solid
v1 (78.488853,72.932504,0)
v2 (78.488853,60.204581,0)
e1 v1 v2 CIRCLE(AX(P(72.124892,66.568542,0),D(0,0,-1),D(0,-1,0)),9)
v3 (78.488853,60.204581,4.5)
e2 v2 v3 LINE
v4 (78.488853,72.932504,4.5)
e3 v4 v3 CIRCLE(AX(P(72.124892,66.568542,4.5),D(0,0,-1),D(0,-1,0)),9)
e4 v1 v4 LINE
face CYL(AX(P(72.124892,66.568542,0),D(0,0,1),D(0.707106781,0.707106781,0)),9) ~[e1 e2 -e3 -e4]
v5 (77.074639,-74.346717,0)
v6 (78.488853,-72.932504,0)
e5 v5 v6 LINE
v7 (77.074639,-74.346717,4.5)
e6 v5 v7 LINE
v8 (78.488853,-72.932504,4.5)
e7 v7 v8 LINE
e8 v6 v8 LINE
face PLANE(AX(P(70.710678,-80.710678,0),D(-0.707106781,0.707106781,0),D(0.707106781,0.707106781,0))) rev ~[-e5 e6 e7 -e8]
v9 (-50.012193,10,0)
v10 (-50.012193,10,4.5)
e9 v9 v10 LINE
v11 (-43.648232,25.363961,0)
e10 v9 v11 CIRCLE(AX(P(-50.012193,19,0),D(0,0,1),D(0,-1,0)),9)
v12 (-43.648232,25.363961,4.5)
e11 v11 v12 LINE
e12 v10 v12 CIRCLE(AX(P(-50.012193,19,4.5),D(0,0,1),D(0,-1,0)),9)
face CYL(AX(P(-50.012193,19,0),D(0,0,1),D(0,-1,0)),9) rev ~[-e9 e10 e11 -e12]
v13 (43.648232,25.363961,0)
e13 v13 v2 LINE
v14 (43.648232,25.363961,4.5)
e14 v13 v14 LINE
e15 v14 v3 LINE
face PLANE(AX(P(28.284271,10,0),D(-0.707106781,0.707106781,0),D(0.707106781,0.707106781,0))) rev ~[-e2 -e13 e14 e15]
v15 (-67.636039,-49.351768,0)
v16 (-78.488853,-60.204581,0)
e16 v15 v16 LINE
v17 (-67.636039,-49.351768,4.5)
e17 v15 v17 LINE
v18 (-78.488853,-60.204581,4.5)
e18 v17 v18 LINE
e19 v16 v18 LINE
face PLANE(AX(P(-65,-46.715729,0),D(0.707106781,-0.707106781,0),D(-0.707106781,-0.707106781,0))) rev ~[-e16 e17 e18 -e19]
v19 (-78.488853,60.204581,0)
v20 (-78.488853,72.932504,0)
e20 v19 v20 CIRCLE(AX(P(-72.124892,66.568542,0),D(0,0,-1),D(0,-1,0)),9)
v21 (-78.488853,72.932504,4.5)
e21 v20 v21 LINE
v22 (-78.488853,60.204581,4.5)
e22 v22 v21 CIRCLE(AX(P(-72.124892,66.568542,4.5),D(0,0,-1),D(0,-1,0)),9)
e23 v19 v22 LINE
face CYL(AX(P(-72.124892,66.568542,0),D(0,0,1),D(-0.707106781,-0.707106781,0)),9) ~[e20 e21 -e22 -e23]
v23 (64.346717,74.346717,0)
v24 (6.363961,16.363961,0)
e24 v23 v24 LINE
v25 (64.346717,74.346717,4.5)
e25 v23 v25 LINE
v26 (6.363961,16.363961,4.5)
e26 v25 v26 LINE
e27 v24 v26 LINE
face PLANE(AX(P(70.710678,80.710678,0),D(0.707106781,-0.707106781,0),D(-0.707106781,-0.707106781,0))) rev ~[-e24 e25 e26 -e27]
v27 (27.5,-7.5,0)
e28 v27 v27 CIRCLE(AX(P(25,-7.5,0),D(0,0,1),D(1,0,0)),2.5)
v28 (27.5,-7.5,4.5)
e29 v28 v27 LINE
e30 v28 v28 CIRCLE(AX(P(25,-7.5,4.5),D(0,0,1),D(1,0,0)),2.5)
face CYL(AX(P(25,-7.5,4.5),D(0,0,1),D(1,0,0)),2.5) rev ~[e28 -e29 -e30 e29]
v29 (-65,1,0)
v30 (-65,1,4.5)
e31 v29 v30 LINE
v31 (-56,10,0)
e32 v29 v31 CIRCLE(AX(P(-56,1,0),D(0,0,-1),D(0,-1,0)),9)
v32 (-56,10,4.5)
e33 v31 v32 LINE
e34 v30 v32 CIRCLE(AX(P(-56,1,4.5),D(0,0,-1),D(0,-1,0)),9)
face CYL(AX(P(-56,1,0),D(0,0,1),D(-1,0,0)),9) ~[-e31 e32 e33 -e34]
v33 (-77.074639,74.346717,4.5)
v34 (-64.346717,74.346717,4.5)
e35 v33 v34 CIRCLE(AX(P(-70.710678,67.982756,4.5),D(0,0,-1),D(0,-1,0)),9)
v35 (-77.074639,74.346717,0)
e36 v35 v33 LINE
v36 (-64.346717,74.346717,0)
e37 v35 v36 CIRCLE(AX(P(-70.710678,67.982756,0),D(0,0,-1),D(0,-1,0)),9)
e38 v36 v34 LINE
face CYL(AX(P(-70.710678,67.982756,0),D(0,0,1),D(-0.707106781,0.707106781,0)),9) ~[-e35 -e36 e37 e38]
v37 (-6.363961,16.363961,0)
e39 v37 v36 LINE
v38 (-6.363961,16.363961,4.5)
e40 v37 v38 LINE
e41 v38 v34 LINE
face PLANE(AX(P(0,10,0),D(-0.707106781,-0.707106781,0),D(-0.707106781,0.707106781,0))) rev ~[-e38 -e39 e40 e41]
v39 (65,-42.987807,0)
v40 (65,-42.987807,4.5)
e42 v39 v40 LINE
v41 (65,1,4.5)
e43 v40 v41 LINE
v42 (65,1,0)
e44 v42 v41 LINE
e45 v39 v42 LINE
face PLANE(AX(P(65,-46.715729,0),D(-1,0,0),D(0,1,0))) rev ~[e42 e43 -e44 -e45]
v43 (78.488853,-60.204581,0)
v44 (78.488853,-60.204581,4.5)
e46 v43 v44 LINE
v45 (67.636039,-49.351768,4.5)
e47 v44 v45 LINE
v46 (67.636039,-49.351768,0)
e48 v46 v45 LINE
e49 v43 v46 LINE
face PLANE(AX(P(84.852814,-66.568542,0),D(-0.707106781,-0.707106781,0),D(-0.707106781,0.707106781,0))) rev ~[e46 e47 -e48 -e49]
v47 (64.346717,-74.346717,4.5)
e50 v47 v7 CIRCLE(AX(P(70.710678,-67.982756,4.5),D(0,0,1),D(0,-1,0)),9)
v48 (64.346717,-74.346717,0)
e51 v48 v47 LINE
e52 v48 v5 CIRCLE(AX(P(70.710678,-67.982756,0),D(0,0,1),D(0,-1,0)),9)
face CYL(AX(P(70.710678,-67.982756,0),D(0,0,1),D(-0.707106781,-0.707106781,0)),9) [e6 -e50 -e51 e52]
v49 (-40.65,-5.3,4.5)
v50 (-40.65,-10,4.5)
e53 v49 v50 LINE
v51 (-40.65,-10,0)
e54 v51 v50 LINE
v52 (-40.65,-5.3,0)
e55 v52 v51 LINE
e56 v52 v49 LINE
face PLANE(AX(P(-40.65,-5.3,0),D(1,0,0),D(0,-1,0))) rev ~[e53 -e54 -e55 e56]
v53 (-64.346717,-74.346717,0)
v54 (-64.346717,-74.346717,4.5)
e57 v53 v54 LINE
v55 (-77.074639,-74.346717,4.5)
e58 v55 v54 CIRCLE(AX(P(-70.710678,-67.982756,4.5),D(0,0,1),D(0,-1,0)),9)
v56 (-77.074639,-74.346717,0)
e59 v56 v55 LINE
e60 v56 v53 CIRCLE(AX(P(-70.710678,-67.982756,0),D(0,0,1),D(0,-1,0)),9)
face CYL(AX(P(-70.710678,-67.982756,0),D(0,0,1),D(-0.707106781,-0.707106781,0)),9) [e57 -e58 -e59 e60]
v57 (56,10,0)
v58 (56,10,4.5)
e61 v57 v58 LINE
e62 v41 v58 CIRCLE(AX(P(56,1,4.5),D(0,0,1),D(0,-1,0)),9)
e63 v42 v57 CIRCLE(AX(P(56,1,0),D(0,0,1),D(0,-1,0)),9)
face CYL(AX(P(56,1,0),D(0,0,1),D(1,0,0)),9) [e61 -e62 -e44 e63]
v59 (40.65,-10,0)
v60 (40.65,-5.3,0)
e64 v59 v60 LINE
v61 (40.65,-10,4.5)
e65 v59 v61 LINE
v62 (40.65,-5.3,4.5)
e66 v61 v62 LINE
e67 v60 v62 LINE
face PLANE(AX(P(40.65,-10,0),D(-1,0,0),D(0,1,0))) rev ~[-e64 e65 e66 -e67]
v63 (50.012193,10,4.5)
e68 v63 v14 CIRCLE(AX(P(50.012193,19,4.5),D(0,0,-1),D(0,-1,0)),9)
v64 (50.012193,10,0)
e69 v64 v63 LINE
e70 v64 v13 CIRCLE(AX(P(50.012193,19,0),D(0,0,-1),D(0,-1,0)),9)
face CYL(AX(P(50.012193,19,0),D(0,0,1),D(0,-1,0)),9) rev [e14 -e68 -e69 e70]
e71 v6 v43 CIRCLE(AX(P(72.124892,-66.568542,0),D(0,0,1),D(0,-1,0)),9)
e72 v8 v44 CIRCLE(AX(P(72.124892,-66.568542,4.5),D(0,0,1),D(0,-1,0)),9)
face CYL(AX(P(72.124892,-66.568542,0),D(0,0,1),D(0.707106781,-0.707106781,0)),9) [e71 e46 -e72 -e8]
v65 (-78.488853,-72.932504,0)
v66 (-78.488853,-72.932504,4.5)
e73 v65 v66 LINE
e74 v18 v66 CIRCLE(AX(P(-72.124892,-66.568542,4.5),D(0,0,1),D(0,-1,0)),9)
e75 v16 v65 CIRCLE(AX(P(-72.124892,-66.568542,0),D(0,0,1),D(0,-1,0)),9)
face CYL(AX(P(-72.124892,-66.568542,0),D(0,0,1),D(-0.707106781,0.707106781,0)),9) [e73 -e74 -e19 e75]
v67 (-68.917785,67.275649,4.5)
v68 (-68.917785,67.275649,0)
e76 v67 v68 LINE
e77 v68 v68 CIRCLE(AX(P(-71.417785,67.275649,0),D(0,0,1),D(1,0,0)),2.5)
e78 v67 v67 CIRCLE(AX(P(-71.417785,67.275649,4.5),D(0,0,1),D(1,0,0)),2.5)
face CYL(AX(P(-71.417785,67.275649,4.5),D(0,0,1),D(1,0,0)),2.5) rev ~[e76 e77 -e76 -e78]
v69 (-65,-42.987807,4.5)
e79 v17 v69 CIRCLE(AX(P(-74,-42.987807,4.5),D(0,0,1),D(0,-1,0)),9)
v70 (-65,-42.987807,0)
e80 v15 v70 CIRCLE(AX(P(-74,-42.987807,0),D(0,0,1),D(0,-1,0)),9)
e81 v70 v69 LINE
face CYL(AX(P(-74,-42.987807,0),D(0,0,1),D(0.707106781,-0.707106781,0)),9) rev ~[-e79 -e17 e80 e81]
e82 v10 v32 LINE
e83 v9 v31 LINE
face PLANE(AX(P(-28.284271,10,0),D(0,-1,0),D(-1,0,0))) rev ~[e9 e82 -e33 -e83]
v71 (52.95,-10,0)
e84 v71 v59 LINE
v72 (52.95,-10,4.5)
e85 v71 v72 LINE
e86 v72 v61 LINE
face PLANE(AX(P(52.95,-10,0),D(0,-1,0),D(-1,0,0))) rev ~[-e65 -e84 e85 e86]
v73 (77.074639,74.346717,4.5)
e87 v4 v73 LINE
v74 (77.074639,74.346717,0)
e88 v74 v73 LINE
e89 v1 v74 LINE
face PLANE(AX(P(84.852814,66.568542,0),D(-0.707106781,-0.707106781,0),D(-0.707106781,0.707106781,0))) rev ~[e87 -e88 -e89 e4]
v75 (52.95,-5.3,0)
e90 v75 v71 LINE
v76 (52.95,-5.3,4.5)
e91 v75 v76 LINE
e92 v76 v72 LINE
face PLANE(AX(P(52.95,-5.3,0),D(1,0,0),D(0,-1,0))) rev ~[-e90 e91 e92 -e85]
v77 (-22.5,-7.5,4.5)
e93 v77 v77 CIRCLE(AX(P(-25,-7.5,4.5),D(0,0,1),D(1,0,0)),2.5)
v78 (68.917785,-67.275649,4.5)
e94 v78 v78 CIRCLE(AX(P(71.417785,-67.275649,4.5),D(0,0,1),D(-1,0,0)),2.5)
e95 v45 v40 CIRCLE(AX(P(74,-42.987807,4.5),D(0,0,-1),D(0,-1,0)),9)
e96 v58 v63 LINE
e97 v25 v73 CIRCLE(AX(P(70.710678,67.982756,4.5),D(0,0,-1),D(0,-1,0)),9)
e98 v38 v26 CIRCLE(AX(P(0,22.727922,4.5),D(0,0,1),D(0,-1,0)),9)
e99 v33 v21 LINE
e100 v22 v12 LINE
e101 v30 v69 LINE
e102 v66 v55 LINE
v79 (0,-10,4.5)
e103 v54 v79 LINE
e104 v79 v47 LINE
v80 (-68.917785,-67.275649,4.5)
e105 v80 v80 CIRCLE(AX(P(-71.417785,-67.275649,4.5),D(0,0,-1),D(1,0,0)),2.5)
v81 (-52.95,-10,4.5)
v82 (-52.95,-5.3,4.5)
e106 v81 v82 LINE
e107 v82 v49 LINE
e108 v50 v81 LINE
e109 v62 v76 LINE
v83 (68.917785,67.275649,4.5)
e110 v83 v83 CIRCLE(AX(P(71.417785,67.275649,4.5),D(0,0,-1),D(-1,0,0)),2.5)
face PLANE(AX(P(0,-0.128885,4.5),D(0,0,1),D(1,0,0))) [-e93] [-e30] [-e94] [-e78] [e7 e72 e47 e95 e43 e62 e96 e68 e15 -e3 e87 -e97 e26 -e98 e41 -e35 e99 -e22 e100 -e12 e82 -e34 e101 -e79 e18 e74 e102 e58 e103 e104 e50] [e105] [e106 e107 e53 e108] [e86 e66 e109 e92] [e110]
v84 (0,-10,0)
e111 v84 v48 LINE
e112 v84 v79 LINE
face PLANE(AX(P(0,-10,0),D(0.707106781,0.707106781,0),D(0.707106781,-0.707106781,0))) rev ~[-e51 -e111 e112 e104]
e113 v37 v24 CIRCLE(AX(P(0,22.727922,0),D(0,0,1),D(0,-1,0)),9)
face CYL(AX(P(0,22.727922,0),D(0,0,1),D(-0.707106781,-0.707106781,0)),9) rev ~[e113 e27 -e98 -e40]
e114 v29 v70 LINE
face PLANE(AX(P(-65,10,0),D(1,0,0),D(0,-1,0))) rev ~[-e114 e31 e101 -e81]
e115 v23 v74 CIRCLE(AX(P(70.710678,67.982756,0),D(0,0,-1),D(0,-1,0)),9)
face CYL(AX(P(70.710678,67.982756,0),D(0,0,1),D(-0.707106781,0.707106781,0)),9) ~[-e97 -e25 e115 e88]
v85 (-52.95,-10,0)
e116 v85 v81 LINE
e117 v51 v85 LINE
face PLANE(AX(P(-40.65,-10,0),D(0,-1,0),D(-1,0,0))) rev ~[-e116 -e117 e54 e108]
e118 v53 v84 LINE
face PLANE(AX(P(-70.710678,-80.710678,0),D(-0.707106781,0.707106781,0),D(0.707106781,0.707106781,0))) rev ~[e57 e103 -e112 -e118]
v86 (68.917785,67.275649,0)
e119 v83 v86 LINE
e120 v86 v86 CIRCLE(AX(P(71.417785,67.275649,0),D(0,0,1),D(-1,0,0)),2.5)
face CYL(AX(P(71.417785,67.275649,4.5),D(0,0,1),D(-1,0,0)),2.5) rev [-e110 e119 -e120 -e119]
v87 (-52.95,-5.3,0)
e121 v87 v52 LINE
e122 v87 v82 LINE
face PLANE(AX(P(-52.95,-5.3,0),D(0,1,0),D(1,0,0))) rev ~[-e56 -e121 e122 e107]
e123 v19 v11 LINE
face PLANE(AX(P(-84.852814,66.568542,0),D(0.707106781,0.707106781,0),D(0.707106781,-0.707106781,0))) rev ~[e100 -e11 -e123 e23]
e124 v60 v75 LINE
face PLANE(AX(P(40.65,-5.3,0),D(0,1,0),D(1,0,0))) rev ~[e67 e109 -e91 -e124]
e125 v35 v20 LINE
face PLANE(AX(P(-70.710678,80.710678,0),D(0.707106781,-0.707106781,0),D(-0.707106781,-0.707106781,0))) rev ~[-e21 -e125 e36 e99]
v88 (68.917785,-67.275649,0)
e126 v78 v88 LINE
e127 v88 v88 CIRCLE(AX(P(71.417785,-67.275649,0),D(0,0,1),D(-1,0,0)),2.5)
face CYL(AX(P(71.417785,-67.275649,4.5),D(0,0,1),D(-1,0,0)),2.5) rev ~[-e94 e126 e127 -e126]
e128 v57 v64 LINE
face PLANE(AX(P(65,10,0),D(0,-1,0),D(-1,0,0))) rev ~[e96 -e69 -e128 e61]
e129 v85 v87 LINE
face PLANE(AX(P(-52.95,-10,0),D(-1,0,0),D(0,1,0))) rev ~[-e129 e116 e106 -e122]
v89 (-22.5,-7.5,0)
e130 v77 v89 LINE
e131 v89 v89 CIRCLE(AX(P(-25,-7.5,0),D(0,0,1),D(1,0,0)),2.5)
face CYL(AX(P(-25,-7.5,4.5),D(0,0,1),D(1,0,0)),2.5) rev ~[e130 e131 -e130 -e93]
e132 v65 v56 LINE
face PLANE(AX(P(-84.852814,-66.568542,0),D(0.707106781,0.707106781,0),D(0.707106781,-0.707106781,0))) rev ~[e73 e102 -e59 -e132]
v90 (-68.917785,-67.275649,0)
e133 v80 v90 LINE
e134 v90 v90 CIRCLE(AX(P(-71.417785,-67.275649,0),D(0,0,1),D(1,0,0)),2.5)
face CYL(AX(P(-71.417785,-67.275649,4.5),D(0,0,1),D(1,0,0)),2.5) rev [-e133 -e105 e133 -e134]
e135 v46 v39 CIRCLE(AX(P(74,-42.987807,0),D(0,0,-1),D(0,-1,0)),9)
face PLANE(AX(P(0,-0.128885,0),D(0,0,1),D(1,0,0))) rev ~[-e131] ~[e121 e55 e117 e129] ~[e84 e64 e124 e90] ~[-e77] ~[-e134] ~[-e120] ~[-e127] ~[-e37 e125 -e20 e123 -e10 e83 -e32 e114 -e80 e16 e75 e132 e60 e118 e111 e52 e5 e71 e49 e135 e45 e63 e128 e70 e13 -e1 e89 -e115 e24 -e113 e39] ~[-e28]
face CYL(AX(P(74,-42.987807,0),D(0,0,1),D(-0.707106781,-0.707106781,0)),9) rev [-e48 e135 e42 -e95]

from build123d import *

# Parameters (mm, degrees)
BOSS_EXTRUDE1_DEPTH     = 4.5
SKETCH3_R               = 2.5
CUT_EXTRUDE3_DEPTH      = 118.194127679
FILLET1_R               = 9
FILLET2_R               = 9
SKETCH5_R               = 2.5
CUT_EXTRUDE4_DEPTH      = 112.927846314
MIRROR2_COPY_1_SKETCH_R = 2.5
MIRROR2_COPY_1_DEPTH    = 112.927846314


with BuildPart() as part:
    # Sketch1 → Boss-Extrude1 (new body)
    with BuildSketch(Plane.XY):
        Polygon((-28.284271247, -10), (-6.15, -10), (-6.15, -5.3), (6.15, -5.3), (6.15, -10), (28.284271247, -10), (40.65, -10), (40.65, -5.3), (52.95, -5.3), (52.95, -10), (65, -10), (65, 10), (28.284271247, 10), (0, 10), (-28.284271247, 10), (-65, 10), (-65, -10), (-52.95, -10), (-52.95, -5.3), (-40.65, -5.3), (-40.65, -10), align=None)
        Polygon((-70.710678119, -80.710678119), (0, -10), (-6.15, -10), (-28.284271247, -10), (-65, -46.715728753), (-84.852813742, -66.568542495), align=None)
        Polygon((6.15, -10), (0, -10), (70.710678119, -80.710678119), (84.852813742, -66.568542495), (65, -46.715728753), (28.284271247, -10), align=None)
        Polygon((0, 10), (28.284271247, 10), (84.852813742, 66.568542495), (70.710678119, 80.710678119), align=None)
        Polygon((-84.852813742, 66.568542495), (-28.284271247, 10), (0, 10), (-70.710678119, 80.710678119), align=None)
        Polygon((-6.15, -10), (0, -10), (6.15, -10), (6.15, -5.3), (-6.15, -5.3), align=None)
        Polygon((-65, -46.715728753), (-28.284271247, -10), (-40.65, -10), (-52.95, -10), (-65, -10), align=None)
        Polygon((40.65, -10), (28.284271247, -10), (65, -46.715728753), (65, -10), (52.95, -10), align=None)
    extrude(amount=BOSS_EXTRUDE1_DEPTH)

    # Sketch3 → Cut-Extrude3 (cut, through all)
    with BuildSketch(Plane.XY.offset(4.5)):
        with Locations((-25, -7.5)):
            Circle(SKETCH3_R)
        with Locations((25, -7.5)):
            Circle(SKETCH3_R)
    extrude(amount=-CUT_EXTRUDE3_DEPTH, mode=Mode.SUBTRACT)

    # Fillet1
    fillet1_edges = [part.edges().sort_by_distance(p)[0] for p in [
        (-65, -46.715728753, 2.25),
        (-65, 10, 2.25),
        (-28.284271247, 10, 2.25),
        (0, 10, 2.25),
        (28.284271247, 10, 2.25),
        (65, 10, 2.25),
        (65, -46.715728753, 2.25),
    ]]
    fillet(fillet1_edges, radius=FILLET1_R)

    # Fillet2
    fillet2_edges = [part.edges().sort_by_distance(p)[0] for p in [
        (-70.710678119, -80.710678119, 2.25),
        (-84.852813742, -66.568542495, 2.25),
        (-84.852813742, 66.568542495, 2.25),
        (-70.710678119, 80.710678119, 2.25),
        (70.710678119, 80.710678119, 2.25),
        (84.852813742, 66.568542495, 2.25),
        (84.852813742, -66.568542495, 2.25),
        (70.710678119, -80.710678119, 2.25),
    ]]
    fillet(fillet2_edges, radius=FILLET2_R)

    # Sketch5 → Cut-Extrude4 (cut, through all)
    with BuildSketch(Plane.XY.offset(4.5)):
        with Locations((-71.4177849, 67.275649276)):
            Circle(SKETCH5_R)
    cut_extrude4 = extrude(amount=-CUT_EXTRUDE4_DEPTH, mode=Mode.SUBTRACT)

    # Mirror1: Cut-Extrude4 across plane
    add(cut_extrude4.mirror(Plane(origin=(0, 0, 0), x_dir=(0, 0, 1), z_dir=(1, 0, 0))), mode=Mode.SUBTRACT)

    # Mirror2: Cut-Extrude4 across plane
    add(cut_extrude4.mirror(Plane.ZX), mode=Mode.SUBTRACT)

    # Mirror2 copy 1 sketch → Mirror2 copy 1 (cut, through all)
    with BuildSketch(Plane(origin=(0, 0, 4.5), x_dir=(-1, 0, 0), z_dir=(0, 0, 1))):
        with Locations((-71.4177849, 67.275649276)):
            Circle(MIRROR2_COPY_1_SKETCH_R)
    extrude(amount=-MIRROR2_COPY_1_DEPTH, mode=Mode.SUBTRACT)


solid = part.part
